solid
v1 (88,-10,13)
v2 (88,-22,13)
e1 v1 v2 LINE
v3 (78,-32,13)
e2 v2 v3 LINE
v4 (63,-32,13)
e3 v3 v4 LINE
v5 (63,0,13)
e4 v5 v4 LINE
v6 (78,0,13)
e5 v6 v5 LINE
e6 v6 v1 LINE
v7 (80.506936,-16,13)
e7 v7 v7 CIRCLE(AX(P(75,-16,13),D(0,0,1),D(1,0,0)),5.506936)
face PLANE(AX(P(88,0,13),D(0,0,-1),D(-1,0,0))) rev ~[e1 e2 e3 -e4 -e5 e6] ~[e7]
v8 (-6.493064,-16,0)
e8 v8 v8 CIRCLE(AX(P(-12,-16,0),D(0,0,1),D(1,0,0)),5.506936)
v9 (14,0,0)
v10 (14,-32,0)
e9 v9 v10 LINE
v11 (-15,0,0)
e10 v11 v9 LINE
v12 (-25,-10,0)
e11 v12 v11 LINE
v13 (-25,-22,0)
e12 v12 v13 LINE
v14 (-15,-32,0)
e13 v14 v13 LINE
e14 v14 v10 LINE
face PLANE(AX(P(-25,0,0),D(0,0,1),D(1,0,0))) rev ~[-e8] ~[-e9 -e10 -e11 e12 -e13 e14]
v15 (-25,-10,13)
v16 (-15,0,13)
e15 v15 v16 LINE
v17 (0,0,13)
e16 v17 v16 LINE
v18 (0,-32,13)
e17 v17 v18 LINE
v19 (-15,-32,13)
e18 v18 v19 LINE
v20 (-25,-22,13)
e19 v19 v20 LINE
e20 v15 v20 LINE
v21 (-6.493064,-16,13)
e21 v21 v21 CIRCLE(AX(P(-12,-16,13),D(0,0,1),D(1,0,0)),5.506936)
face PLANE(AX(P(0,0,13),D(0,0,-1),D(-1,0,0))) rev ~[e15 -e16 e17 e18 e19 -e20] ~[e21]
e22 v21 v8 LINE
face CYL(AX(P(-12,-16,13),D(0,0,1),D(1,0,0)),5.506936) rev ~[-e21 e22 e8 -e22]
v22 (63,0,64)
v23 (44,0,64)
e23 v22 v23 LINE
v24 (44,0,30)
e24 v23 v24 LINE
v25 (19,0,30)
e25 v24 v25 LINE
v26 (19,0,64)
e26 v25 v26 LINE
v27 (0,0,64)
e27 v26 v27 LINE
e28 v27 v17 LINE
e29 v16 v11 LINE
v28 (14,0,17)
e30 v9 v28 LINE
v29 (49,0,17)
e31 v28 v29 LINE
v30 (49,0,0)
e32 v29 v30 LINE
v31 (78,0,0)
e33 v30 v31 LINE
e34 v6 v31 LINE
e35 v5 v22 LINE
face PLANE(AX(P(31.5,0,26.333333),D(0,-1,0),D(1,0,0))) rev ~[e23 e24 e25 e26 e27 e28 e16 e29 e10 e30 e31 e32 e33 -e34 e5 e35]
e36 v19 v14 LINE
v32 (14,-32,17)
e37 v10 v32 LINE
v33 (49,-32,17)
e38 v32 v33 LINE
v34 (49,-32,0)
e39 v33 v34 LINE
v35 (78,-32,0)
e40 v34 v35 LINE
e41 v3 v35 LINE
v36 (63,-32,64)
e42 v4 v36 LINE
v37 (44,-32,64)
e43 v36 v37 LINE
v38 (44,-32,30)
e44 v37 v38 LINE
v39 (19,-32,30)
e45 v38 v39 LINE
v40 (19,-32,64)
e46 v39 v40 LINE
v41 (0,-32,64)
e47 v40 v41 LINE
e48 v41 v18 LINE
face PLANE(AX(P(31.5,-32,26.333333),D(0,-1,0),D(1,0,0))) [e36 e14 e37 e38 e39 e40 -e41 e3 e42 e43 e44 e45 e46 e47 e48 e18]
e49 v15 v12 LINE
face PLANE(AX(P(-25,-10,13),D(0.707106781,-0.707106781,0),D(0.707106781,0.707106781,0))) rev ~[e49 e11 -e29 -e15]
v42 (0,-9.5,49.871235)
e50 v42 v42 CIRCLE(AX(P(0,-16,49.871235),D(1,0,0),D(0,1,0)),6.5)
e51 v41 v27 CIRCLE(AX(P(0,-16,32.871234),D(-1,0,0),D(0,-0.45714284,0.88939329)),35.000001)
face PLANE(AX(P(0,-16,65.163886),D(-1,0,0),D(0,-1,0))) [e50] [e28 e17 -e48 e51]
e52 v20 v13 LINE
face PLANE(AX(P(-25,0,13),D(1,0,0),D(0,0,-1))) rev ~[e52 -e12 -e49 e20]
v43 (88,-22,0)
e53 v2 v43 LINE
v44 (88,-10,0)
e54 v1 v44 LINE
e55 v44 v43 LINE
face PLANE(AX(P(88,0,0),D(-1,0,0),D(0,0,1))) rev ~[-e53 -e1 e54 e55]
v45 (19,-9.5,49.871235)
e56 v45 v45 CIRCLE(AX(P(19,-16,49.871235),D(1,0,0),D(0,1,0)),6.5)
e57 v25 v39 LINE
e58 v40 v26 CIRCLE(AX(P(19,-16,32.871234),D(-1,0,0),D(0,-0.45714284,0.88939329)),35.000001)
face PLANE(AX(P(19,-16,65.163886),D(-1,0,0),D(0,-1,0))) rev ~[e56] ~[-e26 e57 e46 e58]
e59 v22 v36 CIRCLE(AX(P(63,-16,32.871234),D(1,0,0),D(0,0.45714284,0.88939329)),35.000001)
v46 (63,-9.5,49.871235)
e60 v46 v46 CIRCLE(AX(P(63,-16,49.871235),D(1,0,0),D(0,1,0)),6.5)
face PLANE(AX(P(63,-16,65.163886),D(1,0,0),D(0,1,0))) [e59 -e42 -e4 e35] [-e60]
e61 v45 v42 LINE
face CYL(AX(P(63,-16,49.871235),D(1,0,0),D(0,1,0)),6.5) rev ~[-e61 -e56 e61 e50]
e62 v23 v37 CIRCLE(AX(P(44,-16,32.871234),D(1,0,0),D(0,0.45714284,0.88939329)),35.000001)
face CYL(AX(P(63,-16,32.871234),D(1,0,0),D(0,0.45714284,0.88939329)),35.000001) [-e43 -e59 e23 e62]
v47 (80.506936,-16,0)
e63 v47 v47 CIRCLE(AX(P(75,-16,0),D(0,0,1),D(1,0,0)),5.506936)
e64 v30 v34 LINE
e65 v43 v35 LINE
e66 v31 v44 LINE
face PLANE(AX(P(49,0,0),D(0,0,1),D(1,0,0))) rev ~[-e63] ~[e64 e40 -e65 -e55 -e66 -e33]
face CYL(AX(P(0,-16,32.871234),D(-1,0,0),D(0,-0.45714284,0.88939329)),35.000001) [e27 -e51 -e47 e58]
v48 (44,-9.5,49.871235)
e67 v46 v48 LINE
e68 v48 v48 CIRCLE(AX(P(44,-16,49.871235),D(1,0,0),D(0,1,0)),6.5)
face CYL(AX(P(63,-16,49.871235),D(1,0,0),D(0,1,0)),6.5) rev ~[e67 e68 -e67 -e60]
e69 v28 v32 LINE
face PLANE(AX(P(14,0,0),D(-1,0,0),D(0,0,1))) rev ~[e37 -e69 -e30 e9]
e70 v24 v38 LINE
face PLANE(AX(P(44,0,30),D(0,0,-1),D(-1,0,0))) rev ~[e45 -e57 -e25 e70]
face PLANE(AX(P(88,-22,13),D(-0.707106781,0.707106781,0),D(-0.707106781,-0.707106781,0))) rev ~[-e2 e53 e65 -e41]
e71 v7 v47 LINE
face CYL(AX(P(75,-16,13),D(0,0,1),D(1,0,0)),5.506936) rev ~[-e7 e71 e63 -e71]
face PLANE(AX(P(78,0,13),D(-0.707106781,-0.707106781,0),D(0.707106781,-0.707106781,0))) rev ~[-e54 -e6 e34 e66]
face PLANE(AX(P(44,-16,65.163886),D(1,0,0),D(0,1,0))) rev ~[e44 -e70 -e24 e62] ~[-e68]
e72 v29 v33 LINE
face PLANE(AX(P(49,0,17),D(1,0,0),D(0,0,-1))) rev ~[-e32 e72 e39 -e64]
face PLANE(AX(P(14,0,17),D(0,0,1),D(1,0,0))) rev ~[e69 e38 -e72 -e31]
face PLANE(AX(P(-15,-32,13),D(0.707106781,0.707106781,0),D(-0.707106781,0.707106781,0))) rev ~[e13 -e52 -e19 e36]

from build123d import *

# Parameters (mm, degrees)
F1_DEPTH  = 32
F3_DEPTH  = 19
F5_DEPTH  = 19
F7_DEPTH  = 25
F8_R      = 5.506936
F9_DEPTH  = 13.001
F10_R     = 6.5
F11_DEPTH = 88.001


with BuildPart() as f1:
    # F0 (on Front) → F1 (new body)
    with BuildSketch(Plane.XZ):
        Polygon((-25, 13), (-25, 0), (14, 0), (14, 17), (49, 17), (49, 0), (88, 0), (88, 13), (63, 13), (63, 64), (44, 64), (44, 30), (19, 30), (19, 64), (0, 64), (0, 13), align=None)
    extrude(amount=F1_DEPTH)

    # F2 (on face) → F3 (join)
    with BuildSketch(Plane.YZ.offset(63)):
        with BuildLine():
            Line((-32, 64), (0, 64))
            ThreePointArc((0, 64), (-16, 67.871235), (-32, 64))
        make_face()
    extrude(amount=-F3_DEPTH)

    # F4 (on face) → F5 (join)
    with BuildSketch(Plane(origin=(0, 0, 0), x_dir=(0, -1, 0), z_dir=(-1, 0, 0))):
        with BuildLine():
            Line((0, 64), (32, 64))
            ThreePointArc((32, 64), (16, 67.871235), (0, 64))
        make_face()
    extrude(amount=-F5_DEPTH)

    # F6 (on face) → F7 (cut)
    with BuildSketch(Plane.XY.offset(13)):
        Polygon((-25, -10), (-15, 0), (-25, 0), align=None)
        Polygon((-25, -22), (-25, -32), (-15, -32), align=None)
    extrude(amount=-F7_DEPTH, mode=Mode.SUBTRACT)

    # F8 (on face) → F9 (cut, through all)
    with BuildSketch(Plane.XY.offset(13)):
        with Locations((75, -16)):
            Circle(F8_R)
        Polygon((88, 0), (78, 0), (88, -10), align=None)
        Polygon((88, -32), (88, -22), (78, -32), align=None)
        with Locations((-12, -16)):
            Circle(F8_R)
    extrude(amount=-F9_DEPTH, mode=Mode.SUBTRACT)

    # F10 (on face) → F11 (cut, through all)
    with BuildSketch(Plane.YZ.offset(63)):
        with Locations((-16, 49.871235)):
            Circle(F10_R)
    extrude(amount=-F11_DEPTH, mode=Mode.SUBTRACT)


solid = f1.part
